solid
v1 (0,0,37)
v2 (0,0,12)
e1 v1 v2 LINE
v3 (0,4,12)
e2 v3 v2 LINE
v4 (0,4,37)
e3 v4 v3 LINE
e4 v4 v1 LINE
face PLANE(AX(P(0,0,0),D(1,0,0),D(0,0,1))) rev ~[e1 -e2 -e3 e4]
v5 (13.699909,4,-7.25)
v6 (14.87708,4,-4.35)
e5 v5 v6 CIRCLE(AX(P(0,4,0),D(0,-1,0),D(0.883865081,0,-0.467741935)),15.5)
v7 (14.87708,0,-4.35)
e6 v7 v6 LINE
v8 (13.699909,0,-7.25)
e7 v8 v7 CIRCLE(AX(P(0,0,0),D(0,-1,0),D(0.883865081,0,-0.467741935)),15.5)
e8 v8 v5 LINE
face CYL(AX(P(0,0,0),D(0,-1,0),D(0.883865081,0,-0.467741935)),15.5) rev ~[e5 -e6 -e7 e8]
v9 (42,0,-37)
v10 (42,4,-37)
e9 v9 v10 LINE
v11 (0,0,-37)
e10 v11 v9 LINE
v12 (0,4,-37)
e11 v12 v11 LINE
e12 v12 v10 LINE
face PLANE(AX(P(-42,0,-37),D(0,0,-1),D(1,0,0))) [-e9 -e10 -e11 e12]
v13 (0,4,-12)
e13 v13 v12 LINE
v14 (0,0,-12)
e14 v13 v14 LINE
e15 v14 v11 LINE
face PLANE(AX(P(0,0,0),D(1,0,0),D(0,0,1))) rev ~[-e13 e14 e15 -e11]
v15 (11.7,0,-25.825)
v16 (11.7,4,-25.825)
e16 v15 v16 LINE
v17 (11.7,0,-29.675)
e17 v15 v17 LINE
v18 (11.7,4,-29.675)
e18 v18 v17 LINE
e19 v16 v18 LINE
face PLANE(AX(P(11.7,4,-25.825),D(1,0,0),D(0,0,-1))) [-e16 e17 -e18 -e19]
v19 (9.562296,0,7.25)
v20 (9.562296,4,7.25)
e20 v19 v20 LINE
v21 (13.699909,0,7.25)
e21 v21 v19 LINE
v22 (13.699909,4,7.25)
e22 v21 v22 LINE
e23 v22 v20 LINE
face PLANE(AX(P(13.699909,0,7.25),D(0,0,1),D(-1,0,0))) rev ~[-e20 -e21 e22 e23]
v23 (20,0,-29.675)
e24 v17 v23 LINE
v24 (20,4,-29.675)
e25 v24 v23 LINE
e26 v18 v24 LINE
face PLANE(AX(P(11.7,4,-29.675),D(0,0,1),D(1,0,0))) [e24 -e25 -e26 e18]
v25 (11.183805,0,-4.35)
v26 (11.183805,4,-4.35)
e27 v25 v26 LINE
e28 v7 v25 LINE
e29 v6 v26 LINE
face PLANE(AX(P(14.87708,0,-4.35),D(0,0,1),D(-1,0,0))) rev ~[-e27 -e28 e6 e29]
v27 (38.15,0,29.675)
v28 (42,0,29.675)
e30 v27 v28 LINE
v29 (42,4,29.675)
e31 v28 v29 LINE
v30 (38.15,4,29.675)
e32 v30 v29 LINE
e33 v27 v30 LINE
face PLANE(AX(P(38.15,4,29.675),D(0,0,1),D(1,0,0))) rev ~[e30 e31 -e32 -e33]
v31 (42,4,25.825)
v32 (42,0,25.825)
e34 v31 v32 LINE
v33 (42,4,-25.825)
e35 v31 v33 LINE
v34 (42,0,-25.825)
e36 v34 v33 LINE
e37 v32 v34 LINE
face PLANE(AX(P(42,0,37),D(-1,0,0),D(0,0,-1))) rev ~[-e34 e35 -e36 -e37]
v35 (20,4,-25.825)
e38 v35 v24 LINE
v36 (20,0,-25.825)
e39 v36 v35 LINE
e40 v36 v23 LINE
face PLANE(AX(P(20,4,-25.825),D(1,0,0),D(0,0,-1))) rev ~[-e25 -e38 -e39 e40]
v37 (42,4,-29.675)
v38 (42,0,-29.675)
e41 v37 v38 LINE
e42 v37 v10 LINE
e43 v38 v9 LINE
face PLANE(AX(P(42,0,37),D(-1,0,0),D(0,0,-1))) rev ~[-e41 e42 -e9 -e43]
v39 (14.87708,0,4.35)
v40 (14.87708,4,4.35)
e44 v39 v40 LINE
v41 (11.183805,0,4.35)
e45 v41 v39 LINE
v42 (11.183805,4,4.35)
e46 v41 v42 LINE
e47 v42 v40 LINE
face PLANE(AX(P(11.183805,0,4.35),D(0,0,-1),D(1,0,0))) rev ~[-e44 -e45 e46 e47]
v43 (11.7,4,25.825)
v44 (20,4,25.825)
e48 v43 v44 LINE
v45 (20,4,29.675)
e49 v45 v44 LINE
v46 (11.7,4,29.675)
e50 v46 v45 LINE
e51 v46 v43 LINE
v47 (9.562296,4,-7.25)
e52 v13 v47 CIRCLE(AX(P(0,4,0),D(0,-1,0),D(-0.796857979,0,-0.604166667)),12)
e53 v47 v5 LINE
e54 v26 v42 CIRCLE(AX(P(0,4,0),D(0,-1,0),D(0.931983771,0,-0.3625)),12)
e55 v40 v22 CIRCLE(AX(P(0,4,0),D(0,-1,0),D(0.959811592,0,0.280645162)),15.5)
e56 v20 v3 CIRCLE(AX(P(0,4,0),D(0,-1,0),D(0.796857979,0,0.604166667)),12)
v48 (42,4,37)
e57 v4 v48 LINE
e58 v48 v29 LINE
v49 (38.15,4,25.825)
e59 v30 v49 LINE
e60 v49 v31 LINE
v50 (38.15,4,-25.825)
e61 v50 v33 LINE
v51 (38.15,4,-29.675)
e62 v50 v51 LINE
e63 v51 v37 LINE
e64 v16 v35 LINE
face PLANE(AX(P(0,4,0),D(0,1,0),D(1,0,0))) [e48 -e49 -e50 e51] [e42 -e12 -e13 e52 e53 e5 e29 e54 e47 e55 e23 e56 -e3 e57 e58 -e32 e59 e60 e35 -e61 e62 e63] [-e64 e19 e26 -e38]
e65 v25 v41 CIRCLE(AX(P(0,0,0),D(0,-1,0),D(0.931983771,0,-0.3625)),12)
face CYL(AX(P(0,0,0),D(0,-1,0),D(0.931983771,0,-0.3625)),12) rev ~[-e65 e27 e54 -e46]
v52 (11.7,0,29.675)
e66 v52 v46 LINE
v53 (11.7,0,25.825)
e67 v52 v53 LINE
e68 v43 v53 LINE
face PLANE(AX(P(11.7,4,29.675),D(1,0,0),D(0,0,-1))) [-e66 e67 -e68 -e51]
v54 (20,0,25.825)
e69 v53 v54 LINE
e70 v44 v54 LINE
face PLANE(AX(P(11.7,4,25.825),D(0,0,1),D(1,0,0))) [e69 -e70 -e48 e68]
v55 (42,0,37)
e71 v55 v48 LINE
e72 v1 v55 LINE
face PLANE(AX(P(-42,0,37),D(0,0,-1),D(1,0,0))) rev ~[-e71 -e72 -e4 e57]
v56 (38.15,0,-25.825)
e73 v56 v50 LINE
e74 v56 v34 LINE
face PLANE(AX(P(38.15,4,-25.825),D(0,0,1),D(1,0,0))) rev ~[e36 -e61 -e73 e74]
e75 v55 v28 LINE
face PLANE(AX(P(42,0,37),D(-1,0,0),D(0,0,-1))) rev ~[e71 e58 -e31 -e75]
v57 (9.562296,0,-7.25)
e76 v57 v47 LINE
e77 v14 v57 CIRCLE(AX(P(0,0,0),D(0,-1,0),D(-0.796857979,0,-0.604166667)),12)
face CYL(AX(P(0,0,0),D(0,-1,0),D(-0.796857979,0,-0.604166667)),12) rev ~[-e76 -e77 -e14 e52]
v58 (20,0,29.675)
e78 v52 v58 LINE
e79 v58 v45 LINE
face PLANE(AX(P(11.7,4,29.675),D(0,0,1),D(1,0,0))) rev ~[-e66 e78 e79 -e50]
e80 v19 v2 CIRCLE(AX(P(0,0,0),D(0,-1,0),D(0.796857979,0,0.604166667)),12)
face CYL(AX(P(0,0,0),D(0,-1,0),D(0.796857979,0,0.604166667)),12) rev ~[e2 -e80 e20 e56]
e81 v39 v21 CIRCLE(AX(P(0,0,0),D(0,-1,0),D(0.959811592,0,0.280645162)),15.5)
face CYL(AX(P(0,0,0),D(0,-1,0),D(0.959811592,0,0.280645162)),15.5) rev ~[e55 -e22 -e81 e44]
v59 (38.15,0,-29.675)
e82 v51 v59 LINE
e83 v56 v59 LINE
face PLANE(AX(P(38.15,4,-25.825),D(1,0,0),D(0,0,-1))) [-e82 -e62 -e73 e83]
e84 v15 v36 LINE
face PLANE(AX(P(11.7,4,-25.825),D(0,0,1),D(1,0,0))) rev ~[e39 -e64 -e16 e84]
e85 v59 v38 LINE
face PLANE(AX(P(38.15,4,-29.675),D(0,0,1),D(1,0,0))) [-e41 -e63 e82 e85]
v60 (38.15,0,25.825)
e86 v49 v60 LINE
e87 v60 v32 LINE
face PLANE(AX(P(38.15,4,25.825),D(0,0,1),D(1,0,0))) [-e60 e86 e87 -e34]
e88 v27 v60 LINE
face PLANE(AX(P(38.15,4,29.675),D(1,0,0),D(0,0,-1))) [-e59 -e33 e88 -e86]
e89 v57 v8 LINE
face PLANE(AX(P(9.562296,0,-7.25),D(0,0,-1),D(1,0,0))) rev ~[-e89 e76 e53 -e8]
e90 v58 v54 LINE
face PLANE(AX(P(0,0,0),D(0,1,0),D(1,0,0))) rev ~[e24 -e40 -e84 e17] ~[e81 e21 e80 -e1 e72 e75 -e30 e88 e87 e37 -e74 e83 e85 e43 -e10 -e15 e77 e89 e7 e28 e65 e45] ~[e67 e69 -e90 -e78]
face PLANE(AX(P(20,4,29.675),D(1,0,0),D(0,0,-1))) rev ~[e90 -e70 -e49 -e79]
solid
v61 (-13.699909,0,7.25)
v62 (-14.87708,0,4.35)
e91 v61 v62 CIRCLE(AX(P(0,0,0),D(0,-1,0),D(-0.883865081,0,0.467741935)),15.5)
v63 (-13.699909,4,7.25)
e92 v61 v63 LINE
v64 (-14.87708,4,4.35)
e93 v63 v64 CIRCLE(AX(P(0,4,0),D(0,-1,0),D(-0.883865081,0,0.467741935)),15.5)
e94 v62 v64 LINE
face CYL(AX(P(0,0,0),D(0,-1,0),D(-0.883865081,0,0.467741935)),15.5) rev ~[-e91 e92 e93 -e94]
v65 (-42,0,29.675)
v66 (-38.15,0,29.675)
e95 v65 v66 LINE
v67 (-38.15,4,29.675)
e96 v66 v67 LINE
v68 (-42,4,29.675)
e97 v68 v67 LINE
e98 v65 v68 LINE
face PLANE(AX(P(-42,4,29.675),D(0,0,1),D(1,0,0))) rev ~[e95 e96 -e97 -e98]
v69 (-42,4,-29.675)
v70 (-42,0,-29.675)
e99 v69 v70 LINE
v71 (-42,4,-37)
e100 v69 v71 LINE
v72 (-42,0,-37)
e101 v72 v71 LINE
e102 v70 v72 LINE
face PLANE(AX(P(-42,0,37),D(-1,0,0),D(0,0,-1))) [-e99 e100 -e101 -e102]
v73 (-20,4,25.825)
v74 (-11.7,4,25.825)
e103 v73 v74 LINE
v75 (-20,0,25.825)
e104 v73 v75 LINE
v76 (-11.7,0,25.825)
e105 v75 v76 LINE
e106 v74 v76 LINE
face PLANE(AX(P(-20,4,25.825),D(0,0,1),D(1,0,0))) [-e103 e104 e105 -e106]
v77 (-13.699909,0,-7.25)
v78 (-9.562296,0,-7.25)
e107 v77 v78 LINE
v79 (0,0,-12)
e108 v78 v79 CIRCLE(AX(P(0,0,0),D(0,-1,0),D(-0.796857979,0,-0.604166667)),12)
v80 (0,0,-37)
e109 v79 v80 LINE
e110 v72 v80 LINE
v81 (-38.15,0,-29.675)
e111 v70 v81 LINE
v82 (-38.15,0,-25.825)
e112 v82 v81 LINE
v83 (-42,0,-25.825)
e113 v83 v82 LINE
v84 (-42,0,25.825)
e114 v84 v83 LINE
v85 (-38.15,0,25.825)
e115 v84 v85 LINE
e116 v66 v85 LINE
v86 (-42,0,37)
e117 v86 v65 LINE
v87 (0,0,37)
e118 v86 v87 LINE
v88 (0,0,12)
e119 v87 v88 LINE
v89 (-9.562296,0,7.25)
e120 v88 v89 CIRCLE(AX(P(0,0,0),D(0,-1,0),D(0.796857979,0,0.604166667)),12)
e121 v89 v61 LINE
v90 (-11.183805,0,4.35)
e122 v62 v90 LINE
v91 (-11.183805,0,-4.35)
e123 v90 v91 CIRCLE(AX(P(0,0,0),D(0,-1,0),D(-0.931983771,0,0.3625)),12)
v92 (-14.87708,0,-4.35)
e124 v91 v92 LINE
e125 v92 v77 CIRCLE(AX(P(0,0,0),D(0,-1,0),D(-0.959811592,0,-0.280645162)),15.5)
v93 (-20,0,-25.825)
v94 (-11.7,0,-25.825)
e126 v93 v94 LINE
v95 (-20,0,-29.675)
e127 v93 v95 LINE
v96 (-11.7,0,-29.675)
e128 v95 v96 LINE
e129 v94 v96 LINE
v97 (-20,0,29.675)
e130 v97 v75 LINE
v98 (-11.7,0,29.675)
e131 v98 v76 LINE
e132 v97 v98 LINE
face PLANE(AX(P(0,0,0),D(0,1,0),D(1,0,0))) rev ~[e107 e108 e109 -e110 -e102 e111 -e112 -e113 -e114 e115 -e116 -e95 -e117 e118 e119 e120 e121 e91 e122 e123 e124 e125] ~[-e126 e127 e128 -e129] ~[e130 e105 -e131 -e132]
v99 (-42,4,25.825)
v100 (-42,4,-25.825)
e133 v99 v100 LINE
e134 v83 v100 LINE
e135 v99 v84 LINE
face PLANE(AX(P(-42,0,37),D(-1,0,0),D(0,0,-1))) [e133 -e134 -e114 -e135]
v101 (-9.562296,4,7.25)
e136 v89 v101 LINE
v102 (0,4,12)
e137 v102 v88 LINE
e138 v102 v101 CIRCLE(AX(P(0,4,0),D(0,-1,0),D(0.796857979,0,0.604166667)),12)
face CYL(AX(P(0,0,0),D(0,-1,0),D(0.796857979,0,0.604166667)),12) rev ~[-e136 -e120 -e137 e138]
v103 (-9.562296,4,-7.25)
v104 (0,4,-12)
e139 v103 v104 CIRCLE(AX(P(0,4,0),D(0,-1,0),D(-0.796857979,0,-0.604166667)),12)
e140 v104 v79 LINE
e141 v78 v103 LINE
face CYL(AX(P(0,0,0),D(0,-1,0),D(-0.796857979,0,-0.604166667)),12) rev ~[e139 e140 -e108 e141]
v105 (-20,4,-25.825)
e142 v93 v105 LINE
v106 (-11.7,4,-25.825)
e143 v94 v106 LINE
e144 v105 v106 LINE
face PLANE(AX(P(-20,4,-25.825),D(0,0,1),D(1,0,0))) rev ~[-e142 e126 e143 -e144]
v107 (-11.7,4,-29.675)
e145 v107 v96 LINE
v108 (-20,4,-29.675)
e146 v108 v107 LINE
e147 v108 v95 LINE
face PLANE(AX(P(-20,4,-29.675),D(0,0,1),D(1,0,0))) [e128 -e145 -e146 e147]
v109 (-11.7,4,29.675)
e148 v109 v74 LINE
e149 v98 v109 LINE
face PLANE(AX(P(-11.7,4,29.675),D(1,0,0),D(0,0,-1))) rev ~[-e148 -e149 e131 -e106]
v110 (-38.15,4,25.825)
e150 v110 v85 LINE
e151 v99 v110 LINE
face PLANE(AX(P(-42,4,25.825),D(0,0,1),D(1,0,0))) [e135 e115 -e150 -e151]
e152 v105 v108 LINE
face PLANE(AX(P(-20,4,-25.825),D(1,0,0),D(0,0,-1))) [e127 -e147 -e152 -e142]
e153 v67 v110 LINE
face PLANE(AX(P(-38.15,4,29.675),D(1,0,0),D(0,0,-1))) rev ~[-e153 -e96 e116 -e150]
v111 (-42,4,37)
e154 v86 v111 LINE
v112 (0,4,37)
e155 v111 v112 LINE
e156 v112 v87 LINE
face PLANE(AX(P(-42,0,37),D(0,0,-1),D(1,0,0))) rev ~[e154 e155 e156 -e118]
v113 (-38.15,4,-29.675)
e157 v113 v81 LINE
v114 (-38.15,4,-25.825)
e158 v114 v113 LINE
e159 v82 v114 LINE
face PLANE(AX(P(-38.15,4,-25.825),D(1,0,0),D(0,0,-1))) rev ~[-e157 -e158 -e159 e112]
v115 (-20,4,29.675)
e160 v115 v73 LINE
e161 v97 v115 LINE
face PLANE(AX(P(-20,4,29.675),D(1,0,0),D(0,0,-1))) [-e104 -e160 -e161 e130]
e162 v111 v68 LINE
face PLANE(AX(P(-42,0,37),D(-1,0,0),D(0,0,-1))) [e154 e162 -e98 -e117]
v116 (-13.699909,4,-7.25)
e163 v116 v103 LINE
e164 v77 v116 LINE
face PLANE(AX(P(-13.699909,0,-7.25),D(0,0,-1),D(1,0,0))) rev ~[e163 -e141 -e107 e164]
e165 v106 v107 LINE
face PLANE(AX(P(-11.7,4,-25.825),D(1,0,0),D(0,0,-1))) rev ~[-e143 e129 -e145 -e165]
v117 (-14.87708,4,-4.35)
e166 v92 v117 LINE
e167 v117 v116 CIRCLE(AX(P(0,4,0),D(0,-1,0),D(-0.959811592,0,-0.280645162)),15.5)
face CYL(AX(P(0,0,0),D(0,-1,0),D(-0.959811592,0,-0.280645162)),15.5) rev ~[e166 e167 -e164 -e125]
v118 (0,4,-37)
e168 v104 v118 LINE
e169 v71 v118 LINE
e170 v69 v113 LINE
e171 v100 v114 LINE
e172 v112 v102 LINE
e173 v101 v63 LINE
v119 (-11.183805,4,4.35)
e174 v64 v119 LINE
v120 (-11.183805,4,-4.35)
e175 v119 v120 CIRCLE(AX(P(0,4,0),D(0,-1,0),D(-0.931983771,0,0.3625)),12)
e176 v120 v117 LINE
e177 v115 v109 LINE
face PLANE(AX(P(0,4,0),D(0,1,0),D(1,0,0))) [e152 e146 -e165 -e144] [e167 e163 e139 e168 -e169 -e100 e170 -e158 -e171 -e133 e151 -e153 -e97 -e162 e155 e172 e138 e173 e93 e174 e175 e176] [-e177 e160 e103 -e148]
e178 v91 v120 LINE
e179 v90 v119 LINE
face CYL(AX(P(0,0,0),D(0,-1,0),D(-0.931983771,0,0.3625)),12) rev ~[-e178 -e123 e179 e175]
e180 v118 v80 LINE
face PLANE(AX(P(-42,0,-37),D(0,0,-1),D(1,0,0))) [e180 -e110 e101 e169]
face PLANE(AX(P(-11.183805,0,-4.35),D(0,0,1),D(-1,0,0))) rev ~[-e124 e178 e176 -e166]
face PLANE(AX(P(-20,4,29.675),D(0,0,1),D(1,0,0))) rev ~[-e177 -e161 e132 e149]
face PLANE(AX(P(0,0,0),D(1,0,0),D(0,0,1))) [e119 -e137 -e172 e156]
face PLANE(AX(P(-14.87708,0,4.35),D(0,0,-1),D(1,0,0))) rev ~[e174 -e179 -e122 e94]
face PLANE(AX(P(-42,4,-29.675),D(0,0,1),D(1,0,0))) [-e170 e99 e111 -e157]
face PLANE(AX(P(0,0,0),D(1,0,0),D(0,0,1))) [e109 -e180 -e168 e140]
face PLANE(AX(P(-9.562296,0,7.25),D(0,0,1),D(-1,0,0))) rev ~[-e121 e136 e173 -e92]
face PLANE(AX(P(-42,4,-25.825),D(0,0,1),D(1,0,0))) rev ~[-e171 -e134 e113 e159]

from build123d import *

# Parameters (mm, degrees)
SKETCH2_W               = 84
SKETCH2_H               = 74
BOSS_EXTRUDE1_DEPTH     = 4
SKETCH4_W               = 8.3
SKETCH4_H               = 3.85
SKETCH4_W_2             = 3.85
CUT_EXTRUDE2_DEPTH      = 1
CUT_EXTRUDE2_DEPTH_BACK = 5


with BuildPart() as part:
    # Sketch2 → Boss-Extrude1 (new body)
    with BuildSketch(Plane(origin=(0, 0, 0), x_dir=(1, 0, 0), z_dir=(0, 1, 0))):
        Rectangle(SKETCH2_W, SKETCH2_H)
        with BuildLine():
            ThreePointArc((11.183805256, 4.35), (12, 0), (11.183805256, -4.35))
            Line((11.183805256, -4.35), (14.877079687, -4.35))
            ThreePointArc((14.877079687, -4.35), (14.361878956, -5.829788405), (13.699908759, -7.25))
            Line((13.699908759, -7.25), (9.562295749, -7.25))
            ThreePointArc((9.562295749, -7.25), (0, -12), (-9.562295749, -7.25))
            Line((-9.562295749, -7.25), (-13.699908759, -7.25))
            ThreePointArc((-13.699908759, -7.25), (-14.361878956, -5.829788405), (-14.877079687, -4.35))
            Line((-14.877079687, -4.35), (-11.183805256, -4.35))
            ThreePointArc((-11.183805256, -4.35), (-12, 0), (-11.183805256, 4.35))
            Line((-11.183805256, 4.35), (-14.877079687, 4.35))
            ThreePointArc((-14.877079687, 4.35), (-14.361878956, 5.829788405), (-13.699908759, 7.25))
            Line((-13.699908759, 7.25), (-9.562295749, 7.25))
            ThreePointArc((-9.562295749, 7.25), (0, 12), (9.562295749, 7.25))
            Line((9.562295749, 7.25), (13.699908759, 7.25))
            ThreePointArc((13.699908759, 7.25), (14.361878956, 5.829788405), (14.877079687, 4.35))
            Line((14.877079687, 4.35), (11.183805256, 4.35))
        make_face(mode=Mode.SUBTRACT)
    extrude(amount=BOSS_EXTRUDE1_DEPTH)


with BuildPart() as body_2:
    # Split1: the piece on the far side of the plane
    add(part.part)
    split(bisect_by=Plane(origin=(0, 0, 0), x_dir=(0, 0, 1), z_dir=(1, 0, 0)), keep=Keep.BOTTOM)


with BuildPart() as part_1:
    add(part.part)

    # Split1
    split(bisect_by=Plane(origin=(0, 0, 0), x_dir=(0, 0, 1), z_dir=(1, 0, 0)), keep=Keep.TOP)


with BuildPart() as cut_extrude2_tool:
    # Sketch4 → Cut-Extrude2 (new body, two sides)
    with BuildSketch(Plane(origin=(0, 4, 0), x_dir=(1, 0, 0), z_dir=(0, 1, 0))) as cut_extrude2_sk:
        with Locations((-15.85, -27.75)):
            Rectangle(SKETCH4_W, SKETCH4_H)
        with Locations((-40.075, -27.75)):
            Rectangle(SKETCH4_W_2, SKETCH4_H)
        with Locations((40.075, -27.75)):
            Rectangle(SKETCH4_W_2, SKETCH4_H)
        with Locations((15.85, -27.75)):
            Rectangle(SKETCH4_W, SKETCH4_H)
        with Locations((15.85, 27.75)):
            Rectangle(SKETCH4_W, SKETCH4_H)
        with Locations((40.075, 27.75)):
            Rectangle(SKETCH4_W_2, SKETCH4_H)
        with Locations((-40.075, 27.75)):
            Rectangle(SKETCH4_W_2, SKETCH4_H)
        with Locations((-15.85, 27.75)):
            Rectangle(SKETCH4_W, SKETCH4_H)
    extrude(amount=CUT_EXTRUDE2_DEPTH)
    extrude(cut_extrude2_sk.sketch, amount=-CUT_EXTRUDE2_DEPTH_BACK)


with BuildPart() as part_2:
    add(part_1.part)

    # Cut-Extrude2: cut by cut_extrude2_tool
    add(cut_extrude2_tool.part, mode=Mode.SUBTRACT)


with BuildPart() as body_2_1:
    add(body_2.part)

    # Cut-Extrude2: cut by cut_extrude2_tool
    add(cut_extrude2_tool.part, mode=Mode.SUBTRACT)


solid = Compound([part_2.part, body_2_1.part])
